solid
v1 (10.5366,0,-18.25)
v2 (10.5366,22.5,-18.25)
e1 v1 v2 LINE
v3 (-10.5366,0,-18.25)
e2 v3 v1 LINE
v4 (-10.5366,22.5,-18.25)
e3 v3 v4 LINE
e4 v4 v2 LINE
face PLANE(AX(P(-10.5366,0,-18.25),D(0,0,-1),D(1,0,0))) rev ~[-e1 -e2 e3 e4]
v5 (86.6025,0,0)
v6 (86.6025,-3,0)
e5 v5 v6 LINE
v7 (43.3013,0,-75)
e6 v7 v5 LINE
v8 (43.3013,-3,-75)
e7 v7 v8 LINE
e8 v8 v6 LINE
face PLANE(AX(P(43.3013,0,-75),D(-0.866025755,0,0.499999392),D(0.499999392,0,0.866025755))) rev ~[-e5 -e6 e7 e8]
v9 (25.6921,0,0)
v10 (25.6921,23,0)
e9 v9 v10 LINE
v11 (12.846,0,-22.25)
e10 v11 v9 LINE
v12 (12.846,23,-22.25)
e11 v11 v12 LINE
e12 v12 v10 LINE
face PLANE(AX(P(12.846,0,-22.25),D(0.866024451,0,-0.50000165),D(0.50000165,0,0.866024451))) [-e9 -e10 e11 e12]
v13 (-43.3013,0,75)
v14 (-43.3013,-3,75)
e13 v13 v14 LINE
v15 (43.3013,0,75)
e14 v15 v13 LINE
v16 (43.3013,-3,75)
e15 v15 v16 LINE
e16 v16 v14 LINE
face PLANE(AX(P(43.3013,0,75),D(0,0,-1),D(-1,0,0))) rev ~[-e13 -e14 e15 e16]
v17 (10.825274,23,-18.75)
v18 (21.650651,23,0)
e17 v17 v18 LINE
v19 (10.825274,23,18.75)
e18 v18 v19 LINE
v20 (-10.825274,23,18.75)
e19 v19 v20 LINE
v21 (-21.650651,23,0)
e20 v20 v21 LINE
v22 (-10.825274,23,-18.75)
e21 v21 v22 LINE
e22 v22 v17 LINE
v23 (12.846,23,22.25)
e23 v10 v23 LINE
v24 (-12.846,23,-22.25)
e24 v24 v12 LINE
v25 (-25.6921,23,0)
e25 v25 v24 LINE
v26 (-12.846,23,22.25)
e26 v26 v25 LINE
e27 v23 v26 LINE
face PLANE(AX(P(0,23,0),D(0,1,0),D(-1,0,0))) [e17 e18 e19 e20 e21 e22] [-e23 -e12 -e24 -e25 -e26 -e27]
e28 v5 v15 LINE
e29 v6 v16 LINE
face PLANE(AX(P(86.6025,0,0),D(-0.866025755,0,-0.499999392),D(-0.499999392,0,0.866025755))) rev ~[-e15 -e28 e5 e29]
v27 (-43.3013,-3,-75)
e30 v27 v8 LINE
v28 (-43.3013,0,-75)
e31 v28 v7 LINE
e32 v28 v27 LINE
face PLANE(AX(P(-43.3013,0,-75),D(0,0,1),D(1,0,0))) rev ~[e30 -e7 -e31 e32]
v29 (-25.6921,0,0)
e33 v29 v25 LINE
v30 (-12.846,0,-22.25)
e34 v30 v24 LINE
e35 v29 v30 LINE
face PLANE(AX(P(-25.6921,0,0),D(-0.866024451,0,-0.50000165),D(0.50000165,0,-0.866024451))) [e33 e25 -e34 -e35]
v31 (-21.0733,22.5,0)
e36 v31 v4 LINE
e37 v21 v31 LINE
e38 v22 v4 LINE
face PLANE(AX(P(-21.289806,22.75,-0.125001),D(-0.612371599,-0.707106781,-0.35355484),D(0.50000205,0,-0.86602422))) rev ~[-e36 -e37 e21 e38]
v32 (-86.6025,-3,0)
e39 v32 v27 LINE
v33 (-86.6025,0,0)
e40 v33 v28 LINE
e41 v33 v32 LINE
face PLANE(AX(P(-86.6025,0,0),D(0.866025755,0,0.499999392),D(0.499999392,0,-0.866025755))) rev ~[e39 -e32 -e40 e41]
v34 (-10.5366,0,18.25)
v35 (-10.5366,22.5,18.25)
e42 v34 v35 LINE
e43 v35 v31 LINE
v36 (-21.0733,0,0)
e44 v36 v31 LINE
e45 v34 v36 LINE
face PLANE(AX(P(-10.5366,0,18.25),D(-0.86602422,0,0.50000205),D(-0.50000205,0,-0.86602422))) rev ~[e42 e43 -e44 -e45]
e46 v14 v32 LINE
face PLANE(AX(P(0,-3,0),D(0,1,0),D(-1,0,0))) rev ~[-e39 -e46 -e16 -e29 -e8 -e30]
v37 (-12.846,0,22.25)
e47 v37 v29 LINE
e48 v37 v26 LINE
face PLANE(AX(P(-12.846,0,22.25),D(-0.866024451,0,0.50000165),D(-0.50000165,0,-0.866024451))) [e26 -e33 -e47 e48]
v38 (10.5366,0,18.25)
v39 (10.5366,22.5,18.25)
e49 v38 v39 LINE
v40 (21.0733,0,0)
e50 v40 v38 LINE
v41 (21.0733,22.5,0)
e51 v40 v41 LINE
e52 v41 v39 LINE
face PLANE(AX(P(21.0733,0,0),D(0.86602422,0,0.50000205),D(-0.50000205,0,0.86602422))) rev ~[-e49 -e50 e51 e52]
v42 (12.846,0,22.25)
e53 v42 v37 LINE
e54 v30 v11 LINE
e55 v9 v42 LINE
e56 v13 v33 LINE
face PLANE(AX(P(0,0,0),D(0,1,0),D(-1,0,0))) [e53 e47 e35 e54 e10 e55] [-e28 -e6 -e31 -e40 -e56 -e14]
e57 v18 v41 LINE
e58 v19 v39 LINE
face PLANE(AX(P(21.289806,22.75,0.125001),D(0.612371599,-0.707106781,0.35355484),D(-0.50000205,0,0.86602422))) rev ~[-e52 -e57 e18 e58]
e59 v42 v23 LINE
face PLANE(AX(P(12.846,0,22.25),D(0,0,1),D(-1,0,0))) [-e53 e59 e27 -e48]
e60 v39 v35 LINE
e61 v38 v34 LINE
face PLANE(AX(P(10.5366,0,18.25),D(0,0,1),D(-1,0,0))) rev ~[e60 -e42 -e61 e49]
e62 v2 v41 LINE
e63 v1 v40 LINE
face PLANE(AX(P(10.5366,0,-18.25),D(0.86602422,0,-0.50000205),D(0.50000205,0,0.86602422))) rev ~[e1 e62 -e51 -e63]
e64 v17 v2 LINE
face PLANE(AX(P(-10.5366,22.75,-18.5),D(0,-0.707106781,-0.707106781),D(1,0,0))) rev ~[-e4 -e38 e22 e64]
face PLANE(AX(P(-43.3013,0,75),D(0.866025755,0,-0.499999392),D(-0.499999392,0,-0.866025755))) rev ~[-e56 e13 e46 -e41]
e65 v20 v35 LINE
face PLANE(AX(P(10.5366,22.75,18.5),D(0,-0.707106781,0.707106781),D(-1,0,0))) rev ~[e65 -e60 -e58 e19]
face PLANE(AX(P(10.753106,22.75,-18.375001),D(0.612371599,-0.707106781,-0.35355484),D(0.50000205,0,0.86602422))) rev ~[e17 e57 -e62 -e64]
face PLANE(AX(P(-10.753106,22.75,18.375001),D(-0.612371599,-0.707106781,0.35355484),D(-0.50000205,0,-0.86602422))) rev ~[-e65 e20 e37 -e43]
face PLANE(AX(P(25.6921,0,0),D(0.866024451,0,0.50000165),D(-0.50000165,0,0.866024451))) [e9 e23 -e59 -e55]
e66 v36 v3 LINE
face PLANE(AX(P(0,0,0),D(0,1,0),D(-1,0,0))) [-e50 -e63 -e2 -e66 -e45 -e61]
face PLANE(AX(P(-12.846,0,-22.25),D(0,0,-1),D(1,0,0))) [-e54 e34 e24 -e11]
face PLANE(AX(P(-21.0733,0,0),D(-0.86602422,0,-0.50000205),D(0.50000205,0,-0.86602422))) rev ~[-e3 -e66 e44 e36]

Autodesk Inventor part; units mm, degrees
ref_plane "YZ Plane" through (0, 0, 0) normal (1, 0, 0) x (0, 1, 0)
ref_plane "XZ Plane" through (0, 0, 0) normal (0, 1, 0) x (-1, 0, 0)
ref_plane "XY Plane" through (0, 0, 0) normal (0, 0, 1) x (1, 0, 0)
sketch "Sketch1" plane through (0, 0, 0) normal (0, 1, 0) x (-1, 0, 0)
  line L0 (21.0733, 0) -> (10.5366, -18.25)
  line L1 (10.5366, -18.25) -> (-10.5366, -18.25)
  line L2 (-10.5366, -18.25) -> (-21.0733, 0)
  line L3 (-21.0733, 0) -> (-10.5366, 18.25)
  line L4 (-10.5366, 18.25) -> (10.5366, 18.25)
  line L5 (10.5366, 18.25) -> (21.0733, 0)
  line L6 (25.6921, 0) -> (12.846, -22.25)
  line L7 (12.846, -22.25) -> (-12.846, -22.25)
  line L8 (-12.846, -22.25) -> (-25.6921, 0)
  line L9 (-25.6921, 0) -> (-12.846, 22.25)
  line L10 (-12.846, 22.25) -> (12.846, 22.25)
  line L11 (12.846, 22.25) -> (25.6921, 0)
  line L12 (86.6025, 0) -> (43.3013, -75)
  line L13 (43.3013, -75) -> (-43.3013, -75)
  line L14 (-43.3013, -75) -> (-86.6025, 0)
  line L15 (-86.6025, 0) -> (-43.3013, 75)
  line L16 (-43.3013, 75) -> (43.3013, 75)
  line L17 (43.3013, 75) -> (86.6025, 0)
  point P0 (0, 0)
  point P1 (0, 0)
  dimension "d0" = 36.5
  dimension "d1" = 4
  dimension "d2" = 150
extrude "Extrusion1" add sketch "Sketch1" along normal blind 23 contours L6 L7 L8 L9 L10 L11
extrude "Extrusion2" add sketch "Sketch1" against normal blind 3 contours L0 L1 L2 L3 L4 L5 | L6 L7 L8 L9 L10 L11 | L12 L13 L14 L15 L16 L17
sketch "Sketch2" plane through (0, 0, 0) normal (0, 1, 0) x (1, 0, 0)
  circle A0 centre (0, 0) radius 9.85
  circle A1 centre (0, 0) radius 9
  dimension "d7" = 19.7
  dimension "d8" = 18
extrude "Extrusion3" [suppressed]
chamfer "Chamfer1" distance 0.5 angle 45 6 edges at (0, 23, 18.25) (-15.805, 23, 9.125) (-15.805, 23, -9.125) (0, 23, -18.25) (15.805, 23, -9.125) (15.805, 23, 9.125)
chamfer "Chamfer2" [suppressed]
properties part number "staender_tisch"
